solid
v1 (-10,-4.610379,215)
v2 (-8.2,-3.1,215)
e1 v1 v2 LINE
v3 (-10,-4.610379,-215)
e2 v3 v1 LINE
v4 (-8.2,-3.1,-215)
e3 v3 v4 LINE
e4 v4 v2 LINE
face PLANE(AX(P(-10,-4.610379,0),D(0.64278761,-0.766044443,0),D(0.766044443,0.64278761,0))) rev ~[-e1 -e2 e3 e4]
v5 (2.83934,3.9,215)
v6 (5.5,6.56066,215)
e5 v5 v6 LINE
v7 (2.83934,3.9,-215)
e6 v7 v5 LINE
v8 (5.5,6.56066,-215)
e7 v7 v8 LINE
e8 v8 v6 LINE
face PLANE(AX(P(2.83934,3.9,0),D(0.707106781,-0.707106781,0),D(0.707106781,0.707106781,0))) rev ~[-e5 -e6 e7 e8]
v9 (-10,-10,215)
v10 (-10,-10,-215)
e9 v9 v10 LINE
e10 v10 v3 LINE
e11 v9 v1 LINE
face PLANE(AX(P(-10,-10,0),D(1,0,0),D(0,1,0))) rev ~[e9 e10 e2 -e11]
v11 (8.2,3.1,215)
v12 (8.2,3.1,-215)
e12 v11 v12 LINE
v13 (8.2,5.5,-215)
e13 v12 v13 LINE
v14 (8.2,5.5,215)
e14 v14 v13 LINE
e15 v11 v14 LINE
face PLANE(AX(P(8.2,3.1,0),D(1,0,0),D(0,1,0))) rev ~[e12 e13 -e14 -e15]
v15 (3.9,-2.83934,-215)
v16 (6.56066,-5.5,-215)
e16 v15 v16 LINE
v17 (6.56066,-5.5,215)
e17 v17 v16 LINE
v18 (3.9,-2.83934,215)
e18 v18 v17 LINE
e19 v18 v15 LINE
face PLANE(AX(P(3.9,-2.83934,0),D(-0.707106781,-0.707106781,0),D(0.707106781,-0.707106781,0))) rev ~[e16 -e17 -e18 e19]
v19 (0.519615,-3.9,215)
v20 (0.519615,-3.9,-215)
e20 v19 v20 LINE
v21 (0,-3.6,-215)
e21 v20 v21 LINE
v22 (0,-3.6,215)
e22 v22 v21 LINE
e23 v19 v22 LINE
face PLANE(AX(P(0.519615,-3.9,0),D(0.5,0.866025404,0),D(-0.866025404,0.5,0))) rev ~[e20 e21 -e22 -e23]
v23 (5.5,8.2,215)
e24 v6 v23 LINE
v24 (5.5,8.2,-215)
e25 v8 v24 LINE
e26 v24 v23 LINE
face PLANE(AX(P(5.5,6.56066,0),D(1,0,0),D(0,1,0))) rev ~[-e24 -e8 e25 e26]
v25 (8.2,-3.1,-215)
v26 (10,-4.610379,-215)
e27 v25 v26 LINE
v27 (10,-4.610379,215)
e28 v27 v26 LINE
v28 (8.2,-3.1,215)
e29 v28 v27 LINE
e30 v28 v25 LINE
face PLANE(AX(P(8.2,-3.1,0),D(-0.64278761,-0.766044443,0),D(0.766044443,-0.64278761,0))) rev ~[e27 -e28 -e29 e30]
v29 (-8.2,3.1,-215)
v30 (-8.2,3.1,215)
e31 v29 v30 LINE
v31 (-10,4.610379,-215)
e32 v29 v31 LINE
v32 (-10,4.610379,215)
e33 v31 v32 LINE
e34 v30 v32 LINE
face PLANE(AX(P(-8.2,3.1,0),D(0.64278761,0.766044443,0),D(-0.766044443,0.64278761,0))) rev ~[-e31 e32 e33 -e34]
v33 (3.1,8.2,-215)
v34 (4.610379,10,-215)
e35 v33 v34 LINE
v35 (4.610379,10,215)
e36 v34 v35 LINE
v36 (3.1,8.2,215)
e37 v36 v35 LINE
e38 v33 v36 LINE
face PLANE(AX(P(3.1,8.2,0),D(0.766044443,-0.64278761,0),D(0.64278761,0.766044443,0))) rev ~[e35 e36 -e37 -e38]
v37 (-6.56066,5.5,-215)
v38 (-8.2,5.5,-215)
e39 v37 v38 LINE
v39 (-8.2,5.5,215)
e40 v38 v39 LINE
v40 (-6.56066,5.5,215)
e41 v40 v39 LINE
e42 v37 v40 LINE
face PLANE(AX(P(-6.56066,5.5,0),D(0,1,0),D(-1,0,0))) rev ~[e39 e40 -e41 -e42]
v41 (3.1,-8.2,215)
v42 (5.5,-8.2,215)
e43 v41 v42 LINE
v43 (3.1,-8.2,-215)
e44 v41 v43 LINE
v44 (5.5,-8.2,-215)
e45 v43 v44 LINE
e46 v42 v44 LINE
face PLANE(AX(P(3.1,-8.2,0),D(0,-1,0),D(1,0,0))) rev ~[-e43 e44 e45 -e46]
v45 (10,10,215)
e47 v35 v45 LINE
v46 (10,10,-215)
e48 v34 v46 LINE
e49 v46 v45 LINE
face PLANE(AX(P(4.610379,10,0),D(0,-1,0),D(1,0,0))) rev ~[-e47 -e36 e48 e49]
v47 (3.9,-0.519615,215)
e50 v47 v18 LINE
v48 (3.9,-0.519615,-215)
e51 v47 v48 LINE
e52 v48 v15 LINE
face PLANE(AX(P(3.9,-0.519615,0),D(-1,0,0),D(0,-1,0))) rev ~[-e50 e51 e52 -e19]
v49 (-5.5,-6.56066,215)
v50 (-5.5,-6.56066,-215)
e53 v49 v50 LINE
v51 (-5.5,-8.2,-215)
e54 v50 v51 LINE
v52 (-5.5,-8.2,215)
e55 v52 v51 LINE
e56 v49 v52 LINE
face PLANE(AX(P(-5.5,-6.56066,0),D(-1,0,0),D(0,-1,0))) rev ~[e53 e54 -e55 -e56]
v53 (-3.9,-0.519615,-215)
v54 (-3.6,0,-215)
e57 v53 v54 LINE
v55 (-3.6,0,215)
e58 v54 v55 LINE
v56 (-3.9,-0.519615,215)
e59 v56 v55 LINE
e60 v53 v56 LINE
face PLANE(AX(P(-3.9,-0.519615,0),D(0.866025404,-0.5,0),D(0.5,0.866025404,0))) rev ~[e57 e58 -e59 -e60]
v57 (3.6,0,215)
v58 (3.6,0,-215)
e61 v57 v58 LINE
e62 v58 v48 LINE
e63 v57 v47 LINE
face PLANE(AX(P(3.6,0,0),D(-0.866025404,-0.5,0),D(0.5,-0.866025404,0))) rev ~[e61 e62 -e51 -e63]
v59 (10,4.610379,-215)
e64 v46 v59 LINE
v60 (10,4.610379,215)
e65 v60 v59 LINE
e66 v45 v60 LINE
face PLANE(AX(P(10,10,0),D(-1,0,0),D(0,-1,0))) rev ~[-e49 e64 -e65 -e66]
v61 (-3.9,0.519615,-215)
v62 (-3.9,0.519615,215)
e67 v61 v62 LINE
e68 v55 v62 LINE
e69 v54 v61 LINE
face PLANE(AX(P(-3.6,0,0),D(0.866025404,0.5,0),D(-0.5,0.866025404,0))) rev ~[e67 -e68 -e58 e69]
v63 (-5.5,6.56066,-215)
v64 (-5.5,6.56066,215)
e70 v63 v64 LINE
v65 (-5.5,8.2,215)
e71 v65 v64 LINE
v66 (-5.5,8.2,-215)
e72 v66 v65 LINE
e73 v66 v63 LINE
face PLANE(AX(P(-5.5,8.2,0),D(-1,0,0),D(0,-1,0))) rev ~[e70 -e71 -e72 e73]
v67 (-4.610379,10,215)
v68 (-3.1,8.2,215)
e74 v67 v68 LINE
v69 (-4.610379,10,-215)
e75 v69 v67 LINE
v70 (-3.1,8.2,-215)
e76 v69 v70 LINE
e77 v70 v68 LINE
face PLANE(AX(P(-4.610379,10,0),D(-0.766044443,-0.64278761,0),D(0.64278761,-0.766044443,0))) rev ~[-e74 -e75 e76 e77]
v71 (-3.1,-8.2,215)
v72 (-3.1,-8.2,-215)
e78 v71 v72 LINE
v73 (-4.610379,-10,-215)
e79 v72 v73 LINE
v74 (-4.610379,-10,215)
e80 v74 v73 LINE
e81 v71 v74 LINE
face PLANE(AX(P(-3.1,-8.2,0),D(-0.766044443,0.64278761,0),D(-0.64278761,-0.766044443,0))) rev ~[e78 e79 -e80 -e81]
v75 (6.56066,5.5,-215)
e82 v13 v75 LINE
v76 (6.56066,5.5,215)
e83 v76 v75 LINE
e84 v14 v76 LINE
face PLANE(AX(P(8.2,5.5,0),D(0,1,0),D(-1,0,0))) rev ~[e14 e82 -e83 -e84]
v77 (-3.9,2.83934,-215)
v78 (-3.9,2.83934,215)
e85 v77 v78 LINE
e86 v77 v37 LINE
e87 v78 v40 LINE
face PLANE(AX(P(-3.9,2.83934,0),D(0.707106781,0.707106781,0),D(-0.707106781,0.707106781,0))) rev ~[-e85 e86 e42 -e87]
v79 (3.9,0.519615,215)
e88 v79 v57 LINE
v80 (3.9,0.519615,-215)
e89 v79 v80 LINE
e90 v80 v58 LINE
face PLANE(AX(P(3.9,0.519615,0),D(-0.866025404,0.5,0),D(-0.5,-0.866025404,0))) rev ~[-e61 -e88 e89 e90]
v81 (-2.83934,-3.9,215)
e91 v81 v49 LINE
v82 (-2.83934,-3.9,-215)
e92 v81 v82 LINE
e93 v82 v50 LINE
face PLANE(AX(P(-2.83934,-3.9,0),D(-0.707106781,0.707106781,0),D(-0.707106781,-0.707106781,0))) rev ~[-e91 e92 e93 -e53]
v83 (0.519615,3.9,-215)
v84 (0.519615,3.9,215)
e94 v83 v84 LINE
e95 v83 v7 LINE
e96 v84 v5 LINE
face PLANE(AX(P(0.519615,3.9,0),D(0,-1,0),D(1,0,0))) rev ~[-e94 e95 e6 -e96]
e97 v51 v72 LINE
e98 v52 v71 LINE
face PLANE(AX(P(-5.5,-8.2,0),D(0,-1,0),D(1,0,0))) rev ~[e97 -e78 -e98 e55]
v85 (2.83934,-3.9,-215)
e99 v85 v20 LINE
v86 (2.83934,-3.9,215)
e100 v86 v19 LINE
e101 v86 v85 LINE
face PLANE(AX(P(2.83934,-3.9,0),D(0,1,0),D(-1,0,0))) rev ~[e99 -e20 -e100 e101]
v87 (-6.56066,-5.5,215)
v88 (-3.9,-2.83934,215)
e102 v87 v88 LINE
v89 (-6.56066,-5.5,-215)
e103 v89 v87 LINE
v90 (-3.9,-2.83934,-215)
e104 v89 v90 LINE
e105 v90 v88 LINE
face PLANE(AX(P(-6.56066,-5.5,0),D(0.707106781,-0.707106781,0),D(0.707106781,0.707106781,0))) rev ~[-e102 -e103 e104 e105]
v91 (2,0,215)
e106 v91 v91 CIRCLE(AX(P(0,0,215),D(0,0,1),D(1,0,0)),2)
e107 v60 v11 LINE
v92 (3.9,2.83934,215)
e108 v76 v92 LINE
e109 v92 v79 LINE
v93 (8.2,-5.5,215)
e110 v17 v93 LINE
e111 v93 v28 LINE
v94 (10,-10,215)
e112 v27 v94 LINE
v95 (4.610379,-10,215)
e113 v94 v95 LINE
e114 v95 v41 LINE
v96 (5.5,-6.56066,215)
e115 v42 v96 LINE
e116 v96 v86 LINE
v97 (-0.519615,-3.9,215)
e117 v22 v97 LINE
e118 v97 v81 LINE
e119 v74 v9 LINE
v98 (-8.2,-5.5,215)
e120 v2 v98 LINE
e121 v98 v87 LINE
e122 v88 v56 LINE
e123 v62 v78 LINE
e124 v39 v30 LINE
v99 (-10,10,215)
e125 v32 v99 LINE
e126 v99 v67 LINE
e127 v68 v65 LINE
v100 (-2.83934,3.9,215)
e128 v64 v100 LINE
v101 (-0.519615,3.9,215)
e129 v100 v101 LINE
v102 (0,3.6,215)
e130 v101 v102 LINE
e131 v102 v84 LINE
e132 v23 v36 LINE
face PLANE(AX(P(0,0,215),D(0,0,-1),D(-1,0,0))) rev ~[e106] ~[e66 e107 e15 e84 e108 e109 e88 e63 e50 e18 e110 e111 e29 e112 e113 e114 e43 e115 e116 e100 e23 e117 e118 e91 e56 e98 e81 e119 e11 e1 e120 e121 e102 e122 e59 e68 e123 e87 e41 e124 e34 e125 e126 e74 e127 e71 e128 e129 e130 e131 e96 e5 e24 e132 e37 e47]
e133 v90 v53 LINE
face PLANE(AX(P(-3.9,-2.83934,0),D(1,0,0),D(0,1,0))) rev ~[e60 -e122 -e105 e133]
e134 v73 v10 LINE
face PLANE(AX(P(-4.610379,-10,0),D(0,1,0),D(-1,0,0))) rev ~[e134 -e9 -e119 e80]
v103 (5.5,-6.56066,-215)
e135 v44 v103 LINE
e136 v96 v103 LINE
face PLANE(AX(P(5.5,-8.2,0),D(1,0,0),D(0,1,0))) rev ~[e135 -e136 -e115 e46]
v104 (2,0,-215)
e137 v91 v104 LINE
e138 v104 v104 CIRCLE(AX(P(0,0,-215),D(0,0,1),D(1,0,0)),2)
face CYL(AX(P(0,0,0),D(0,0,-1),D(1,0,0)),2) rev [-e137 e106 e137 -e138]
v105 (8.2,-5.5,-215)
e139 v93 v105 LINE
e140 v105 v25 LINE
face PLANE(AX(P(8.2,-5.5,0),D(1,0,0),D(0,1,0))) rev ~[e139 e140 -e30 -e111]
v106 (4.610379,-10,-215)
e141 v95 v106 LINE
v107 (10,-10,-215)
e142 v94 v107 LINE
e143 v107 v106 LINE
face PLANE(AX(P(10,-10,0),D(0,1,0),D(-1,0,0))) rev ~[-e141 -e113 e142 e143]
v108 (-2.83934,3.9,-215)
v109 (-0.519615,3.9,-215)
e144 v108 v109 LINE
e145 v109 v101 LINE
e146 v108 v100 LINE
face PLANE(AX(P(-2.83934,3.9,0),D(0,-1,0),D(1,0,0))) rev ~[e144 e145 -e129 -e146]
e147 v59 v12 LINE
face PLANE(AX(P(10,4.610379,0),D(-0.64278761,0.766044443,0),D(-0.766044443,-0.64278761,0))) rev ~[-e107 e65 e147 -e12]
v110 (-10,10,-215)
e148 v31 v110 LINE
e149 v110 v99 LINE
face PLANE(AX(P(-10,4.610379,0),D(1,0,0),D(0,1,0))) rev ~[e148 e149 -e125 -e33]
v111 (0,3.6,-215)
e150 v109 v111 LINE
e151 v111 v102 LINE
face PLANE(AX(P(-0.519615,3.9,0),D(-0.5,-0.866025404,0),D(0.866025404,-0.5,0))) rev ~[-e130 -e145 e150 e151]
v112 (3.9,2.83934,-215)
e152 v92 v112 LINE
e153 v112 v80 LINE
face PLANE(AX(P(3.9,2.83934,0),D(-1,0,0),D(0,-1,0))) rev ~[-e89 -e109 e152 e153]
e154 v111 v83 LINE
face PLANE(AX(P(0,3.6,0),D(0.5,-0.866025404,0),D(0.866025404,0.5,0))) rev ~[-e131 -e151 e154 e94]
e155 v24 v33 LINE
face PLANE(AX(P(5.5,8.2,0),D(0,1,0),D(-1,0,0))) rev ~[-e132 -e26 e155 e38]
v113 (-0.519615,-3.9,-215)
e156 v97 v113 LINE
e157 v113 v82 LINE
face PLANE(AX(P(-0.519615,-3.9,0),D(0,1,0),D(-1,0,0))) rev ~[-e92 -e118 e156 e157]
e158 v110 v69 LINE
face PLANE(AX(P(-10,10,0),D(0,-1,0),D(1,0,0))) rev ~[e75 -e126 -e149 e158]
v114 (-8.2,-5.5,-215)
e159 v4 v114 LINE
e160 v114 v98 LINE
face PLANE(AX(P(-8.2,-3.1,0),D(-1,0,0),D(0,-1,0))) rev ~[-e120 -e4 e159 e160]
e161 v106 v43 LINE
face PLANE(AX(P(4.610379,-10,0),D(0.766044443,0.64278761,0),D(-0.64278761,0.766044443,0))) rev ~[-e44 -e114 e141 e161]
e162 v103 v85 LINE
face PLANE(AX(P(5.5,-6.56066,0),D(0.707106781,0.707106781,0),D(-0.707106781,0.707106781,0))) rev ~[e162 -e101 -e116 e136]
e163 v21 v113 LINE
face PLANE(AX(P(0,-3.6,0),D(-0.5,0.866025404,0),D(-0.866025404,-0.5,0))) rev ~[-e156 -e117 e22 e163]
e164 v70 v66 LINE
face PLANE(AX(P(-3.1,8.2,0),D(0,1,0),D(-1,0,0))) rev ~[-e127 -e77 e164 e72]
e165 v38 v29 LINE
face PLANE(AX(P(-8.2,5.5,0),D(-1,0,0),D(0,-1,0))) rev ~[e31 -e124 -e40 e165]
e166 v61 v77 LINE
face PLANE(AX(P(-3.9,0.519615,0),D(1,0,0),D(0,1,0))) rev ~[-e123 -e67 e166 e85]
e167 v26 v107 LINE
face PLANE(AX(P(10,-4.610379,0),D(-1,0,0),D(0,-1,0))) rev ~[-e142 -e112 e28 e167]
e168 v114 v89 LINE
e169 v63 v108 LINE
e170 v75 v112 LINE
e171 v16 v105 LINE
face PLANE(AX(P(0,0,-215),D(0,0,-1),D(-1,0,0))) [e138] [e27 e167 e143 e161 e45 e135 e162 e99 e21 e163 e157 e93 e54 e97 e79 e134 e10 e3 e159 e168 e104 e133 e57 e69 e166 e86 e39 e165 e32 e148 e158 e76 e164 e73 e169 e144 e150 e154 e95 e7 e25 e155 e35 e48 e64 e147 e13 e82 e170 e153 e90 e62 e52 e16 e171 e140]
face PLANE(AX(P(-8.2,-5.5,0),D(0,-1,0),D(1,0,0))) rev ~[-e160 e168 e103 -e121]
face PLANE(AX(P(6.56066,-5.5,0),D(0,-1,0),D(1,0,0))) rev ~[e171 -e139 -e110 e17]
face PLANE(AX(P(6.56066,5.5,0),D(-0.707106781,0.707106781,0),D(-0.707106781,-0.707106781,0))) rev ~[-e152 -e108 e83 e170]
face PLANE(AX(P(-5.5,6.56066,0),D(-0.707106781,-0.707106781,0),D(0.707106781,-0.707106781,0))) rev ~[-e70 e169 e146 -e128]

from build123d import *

# Parameters (mm, degrees)
SKETCH1_R           = 2
BOSS_EXTRUDE1_DEPTH = 215


with BuildPart() as part:
    # Sketch1 → Boss-Extrude1 (new, symmetric)
    with BuildSketch(Plane.XY):
        Polygon((10, 10), (10, 4.610379336), (8.2, 3.1), (8.2, 5.5), (6.560660172, 5.5), (3.9, 2.839339828), (3.9, 0.519615242), (3.6, 0), (3.9, -0.519615242), (3.9, -2.839339828), (6.560660172, -5.5), (8.2, -5.5), (8.2, -3.1), (10, -4.610379336), (10, -10), (4.610379336, -10), (3.1, -8.2), (5.5, -8.2), (5.5, -6.560660172), (2.839339828, -3.9), (0.519615242, -3.9), (0, -3.6), (-0.519615242, -3.9), (-2.839339828, -3.9), (-5.5, -6.560660172), (-5.5, -8.2), (-3.1, -8.2), (-4.610379336, -10), (-10, -10), (-10, -4.610379336), (-8.2, -3.1), (-8.2, -5.5), (-6.560660172, -5.5), (-3.9, -2.839339828), (-3.9, -0.519615242), (-3.6, 0), (-3.9, 0.519615242), (-3.9, 2.839339828), (-6.560660172, 5.5), (-8.2, 5.5), (-8.2, 3.1), (-10, 4.610379336), (-10, 10), (-4.610379336, 10), (-3.1, 8.2), (-5.5, 8.2), (-5.5, 6.560660172), (-2.839339828, 3.9), (-0.519615242, 3.9), (0, 3.6), (0.519615242, 3.9), (2.839339828, 3.9), (5.5, 6.560660172), (5.5, 8.2), (3.1, 8.2), (4.610379336, 10), align=None)
        Circle(SKETCH1_R, mode=Mode.SUBTRACT)
    extrude(amount=BOSS_EXTRUDE1_DEPTH, both=True)


solid = part.part
